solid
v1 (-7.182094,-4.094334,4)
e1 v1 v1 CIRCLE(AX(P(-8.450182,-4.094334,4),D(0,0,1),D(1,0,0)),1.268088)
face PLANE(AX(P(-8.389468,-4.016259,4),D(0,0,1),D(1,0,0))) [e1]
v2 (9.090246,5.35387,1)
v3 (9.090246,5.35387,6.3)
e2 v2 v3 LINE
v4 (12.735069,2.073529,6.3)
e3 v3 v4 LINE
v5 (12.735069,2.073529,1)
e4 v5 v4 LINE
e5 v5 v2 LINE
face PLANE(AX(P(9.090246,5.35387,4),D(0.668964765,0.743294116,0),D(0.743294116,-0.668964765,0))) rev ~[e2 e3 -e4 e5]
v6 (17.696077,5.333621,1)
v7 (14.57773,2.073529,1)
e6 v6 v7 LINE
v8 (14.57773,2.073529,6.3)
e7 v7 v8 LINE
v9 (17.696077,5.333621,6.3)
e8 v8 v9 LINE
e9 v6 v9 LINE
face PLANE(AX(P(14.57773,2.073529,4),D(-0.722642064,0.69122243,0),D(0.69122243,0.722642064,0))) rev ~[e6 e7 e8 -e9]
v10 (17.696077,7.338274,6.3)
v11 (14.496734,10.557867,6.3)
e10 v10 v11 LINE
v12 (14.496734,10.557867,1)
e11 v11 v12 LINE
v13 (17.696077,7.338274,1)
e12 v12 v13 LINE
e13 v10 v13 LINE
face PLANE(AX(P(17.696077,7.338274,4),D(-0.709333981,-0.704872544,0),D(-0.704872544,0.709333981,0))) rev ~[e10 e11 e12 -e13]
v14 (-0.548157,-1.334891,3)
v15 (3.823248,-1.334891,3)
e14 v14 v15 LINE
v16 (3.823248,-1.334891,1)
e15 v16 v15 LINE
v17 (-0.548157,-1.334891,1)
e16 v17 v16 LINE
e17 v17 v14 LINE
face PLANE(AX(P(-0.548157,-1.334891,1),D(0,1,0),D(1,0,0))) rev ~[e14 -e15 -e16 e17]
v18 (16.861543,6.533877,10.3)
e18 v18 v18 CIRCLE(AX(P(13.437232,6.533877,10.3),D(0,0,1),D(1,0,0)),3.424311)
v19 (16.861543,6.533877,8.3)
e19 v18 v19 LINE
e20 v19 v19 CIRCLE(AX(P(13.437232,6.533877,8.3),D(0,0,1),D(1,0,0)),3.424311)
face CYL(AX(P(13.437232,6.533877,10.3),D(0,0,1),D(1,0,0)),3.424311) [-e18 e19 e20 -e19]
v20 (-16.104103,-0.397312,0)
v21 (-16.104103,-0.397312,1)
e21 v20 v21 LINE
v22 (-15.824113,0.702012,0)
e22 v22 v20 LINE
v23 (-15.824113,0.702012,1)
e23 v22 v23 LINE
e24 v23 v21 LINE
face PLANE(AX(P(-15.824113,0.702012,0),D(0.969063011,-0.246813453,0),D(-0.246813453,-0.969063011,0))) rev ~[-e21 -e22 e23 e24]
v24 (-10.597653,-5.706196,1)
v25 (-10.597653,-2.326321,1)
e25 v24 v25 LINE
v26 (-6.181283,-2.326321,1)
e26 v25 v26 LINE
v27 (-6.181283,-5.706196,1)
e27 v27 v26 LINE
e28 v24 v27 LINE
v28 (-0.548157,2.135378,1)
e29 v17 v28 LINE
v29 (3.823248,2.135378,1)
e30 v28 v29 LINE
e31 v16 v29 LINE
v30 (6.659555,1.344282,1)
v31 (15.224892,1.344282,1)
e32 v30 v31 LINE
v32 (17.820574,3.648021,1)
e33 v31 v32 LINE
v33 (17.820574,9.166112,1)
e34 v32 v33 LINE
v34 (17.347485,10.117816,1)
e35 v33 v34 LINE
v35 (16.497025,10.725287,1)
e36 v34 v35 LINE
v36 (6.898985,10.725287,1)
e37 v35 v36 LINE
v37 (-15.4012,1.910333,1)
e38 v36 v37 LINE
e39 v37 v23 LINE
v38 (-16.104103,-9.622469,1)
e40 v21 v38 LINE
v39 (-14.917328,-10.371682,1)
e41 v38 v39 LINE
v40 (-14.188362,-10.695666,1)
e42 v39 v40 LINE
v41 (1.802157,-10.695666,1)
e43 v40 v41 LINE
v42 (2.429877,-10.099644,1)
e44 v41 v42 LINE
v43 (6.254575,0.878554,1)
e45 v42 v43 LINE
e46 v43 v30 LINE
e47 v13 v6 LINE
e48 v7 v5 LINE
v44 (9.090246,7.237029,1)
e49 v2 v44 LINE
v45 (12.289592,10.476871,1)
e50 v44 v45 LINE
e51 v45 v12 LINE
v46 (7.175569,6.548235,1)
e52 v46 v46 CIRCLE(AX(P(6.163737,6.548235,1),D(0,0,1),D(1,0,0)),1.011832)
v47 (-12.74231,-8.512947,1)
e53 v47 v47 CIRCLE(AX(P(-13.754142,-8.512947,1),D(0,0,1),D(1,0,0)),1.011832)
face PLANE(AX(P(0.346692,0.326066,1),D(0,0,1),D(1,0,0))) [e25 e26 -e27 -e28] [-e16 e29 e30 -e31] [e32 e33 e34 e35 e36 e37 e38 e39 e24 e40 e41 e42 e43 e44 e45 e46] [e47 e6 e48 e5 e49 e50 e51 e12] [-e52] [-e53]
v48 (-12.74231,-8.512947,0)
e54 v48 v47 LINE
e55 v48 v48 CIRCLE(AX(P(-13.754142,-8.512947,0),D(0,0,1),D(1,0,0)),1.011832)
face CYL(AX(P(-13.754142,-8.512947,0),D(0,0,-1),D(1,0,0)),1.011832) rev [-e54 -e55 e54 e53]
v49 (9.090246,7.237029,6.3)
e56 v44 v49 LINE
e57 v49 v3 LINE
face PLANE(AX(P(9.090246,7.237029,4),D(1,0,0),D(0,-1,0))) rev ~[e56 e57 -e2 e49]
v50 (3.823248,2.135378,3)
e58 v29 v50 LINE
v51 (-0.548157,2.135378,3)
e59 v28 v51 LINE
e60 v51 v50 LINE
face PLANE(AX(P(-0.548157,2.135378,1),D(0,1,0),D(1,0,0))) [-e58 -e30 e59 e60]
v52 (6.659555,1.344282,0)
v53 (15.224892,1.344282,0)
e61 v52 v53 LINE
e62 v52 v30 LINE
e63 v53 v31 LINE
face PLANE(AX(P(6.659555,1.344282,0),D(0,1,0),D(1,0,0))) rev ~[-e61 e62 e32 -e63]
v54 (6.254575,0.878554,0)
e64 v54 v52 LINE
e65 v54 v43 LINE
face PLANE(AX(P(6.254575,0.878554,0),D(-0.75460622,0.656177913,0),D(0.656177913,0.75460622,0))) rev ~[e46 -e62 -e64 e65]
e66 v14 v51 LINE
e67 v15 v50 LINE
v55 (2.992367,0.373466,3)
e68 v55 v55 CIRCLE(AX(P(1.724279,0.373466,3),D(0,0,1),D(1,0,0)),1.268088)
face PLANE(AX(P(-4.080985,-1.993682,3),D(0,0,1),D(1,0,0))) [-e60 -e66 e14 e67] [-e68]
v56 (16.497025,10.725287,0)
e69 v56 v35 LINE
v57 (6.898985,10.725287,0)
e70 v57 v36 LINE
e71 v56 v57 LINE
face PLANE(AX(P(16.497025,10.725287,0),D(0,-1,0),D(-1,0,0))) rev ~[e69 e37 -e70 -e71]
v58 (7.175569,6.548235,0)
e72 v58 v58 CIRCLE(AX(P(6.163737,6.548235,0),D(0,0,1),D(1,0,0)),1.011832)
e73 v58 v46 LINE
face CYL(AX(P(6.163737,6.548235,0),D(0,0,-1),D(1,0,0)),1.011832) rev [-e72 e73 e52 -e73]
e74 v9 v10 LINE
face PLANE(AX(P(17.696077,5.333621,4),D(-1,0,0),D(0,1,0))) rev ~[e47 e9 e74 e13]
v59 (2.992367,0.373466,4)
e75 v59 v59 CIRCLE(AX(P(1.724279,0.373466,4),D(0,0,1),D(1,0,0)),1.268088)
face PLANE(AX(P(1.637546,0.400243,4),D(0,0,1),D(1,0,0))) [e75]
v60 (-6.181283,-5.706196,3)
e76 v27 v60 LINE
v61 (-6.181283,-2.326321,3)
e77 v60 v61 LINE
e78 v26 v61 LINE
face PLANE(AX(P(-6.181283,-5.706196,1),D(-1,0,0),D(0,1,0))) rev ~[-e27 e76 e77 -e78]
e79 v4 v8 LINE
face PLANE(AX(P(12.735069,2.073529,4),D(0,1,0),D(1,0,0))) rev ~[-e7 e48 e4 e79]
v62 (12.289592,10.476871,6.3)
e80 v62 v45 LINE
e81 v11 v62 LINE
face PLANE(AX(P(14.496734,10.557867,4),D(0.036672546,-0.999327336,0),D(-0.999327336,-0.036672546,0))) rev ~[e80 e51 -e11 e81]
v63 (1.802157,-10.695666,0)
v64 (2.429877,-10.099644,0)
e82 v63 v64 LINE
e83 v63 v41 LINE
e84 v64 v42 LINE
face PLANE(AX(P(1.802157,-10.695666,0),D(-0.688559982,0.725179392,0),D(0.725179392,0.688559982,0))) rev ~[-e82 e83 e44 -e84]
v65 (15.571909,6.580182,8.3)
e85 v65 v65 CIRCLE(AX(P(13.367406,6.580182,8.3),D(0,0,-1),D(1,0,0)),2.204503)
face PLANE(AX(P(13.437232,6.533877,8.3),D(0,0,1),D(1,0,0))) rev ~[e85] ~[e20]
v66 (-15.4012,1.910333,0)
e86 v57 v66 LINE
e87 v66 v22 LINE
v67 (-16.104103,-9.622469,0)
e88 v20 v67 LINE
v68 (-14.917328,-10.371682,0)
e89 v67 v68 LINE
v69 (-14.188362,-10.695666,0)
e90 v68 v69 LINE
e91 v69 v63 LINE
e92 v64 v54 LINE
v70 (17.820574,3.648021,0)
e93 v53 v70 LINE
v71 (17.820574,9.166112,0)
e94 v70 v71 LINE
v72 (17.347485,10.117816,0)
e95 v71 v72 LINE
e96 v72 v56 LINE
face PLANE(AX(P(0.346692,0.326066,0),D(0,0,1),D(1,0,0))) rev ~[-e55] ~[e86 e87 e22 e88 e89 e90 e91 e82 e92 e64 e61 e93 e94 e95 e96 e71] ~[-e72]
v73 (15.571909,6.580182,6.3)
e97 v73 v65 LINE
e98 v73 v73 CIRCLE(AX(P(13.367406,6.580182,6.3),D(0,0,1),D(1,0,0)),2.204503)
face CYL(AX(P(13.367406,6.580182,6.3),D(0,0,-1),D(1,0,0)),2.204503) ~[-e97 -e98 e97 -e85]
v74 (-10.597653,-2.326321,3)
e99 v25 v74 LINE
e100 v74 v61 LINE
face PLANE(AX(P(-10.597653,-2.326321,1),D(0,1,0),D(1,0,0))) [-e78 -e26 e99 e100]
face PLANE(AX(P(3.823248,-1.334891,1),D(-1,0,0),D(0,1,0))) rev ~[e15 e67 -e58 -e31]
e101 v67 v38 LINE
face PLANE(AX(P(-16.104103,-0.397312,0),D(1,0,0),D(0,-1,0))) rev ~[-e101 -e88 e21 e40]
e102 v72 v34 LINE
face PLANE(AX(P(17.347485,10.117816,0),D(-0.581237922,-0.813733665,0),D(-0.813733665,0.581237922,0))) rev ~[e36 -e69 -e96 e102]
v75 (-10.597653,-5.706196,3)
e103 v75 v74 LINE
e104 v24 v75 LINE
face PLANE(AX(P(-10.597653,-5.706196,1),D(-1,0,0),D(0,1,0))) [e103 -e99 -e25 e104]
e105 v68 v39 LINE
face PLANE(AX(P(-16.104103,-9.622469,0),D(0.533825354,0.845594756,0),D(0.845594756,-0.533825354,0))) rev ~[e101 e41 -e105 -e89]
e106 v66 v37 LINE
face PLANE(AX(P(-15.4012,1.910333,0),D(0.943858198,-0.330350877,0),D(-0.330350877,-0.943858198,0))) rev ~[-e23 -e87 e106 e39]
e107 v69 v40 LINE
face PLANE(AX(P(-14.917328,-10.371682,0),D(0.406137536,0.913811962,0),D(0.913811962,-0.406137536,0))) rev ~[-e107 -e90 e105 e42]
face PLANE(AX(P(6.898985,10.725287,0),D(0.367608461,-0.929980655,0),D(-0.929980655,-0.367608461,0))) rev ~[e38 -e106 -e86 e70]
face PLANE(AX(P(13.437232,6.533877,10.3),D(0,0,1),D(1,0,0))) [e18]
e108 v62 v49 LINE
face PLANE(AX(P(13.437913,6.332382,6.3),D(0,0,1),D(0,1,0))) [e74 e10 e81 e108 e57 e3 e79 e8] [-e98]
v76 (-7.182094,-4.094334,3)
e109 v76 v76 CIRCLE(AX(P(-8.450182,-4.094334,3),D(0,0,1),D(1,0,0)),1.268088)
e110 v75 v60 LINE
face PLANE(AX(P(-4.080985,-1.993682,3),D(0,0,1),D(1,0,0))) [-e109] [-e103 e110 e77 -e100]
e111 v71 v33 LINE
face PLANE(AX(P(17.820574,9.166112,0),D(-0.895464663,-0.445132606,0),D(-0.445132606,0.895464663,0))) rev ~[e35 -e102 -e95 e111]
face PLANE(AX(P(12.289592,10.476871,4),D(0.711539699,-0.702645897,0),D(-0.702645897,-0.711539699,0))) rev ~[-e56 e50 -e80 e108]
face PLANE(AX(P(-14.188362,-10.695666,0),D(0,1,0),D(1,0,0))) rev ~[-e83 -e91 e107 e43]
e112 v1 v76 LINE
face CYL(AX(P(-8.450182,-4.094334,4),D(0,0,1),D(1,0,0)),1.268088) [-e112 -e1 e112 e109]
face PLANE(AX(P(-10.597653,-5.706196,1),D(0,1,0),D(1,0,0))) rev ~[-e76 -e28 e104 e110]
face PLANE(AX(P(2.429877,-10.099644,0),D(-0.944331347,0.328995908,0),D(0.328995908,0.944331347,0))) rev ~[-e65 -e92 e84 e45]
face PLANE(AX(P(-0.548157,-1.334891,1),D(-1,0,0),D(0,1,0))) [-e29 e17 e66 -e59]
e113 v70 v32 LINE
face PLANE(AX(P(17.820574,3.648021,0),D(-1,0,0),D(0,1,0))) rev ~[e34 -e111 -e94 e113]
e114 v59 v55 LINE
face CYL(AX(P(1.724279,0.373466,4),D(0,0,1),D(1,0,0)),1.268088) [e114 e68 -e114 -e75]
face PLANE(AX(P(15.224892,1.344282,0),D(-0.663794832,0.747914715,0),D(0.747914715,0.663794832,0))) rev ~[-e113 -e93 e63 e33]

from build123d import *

# Parameters (mm, degrees)
SKETCH031_R     = 1.011832
PAD027_DEPTH    = 1
SKETCH032_W     = 4.41637
SKETCH032_H     = 3.379875
SKETCH032_W_2   = 4.371405
SKETCH032_H_2   = 3.470269
PAD028_DEPTH    = 3
PAD029_DEPTH    = 2.3
SKETCH034_R     = 2.204503
PAD030_DEPTH    = 4
SKETCH035_R     = 3.424311
PAD031_DEPTH    = 2
SKETCH036_W     = 18.521845
SKETCH036_H     = 12.987429
SKETCH036_R     = 1.2680878078
POCKET007_DEPTH = 1


with BuildPart() as part:
    # Sketch031 → Pad027 (new body)
    with BuildSketch(Plane.XY):
        Polygon((-15.824113, 0.702012), (-16.104103, -0.397312), (-16.104103, -9.622469), (-14.917328, -10.371682), (-14.188362, -10.695666), (1.802157, -10.695666), (2.429877, -10.099644), (6.254575, 0.878554), (6.659555, 1.344282), (15.224892, 1.344282), (17.820574, 3.648021), (17.820574, 9.166112), (17.347485, 10.117816), (16.497025, 10.725287), (6.898985, 10.725287), (-15.4012, 1.910333), align=None)
        with Locations((-13.754142, -8.512947)):
            Circle(SKETCH031_R, mode=Mode.SUBTRACT)
        with Locations((6.163737, 6.548235)):
            Circle(SKETCH031_R, mode=Mode.SUBTRACT)
    extrude(amount=PAD027_DEPTH)

    # Sketch032 (on Face20 of Pad027) → Pad028 (join)
    with BuildSketch(Plane.XY.offset(1)):
        with Locations((-8.389468, -4.0162585)):
            Rectangle(SKETCH032_W, SKETCH032_H)
        with Locations((1.6375455, 0.4002435)):
            Rectangle(SKETCH032_W_2, SKETCH032_H_2)
        Polygon((9.090246, 7.237029), (12.289592, 10.476871), (14.496734, 10.557867), (17.696077, 7.338274), (17.696077, 5.333621), (14.57773, 2.073529), (12.735069, 2.073529), (9.090246, 5.35387), align=None)
    extrude(amount=PAD028_DEPTH)

    # Pad028 Face39 → Pad029 (add)
    with BuildSketch(Plane(origin=(13.4460203648, 6.3372919202, 4), x_dir=(0, 1, 0), z_dir=(0, 0, 1))):
        Polygon((4.1395790798, 1.1564283648), (0.8997370798, 4.3557743648), (-0.9834219202, 4.3557743648), (-4.2637629202, 0.7109513648), (-4.2637629202, -1.1317096352), (-1.0036709202, -4.2500566352), (1.0009820798, -4.2500566352), (4.2205750798, -1.0507136352), align=None)
    extrude(amount=PAD029_DEPTH)

    # Sketch034 (on Face47 of Pad029) → Pad030 (join)
    with BuildSketch(Plane.XY.offset(6.3)):
        with Locations((13.367406, 6.580182)):
            Circle(SKETCH034_R)
    extrude(amount=PAD030_DEPTH)

    # Sketch035 (on Face49 of Pad030) → Pad031 (join)
    with BuildSketch(Plane.XY.offset(10.3)):
        with Locations((13.437232, 6.533877)):
            Circle(SKETCH035_R)
    extrude(amount=-PAD031_DEPTH)

    # Sketch036 (on Face38 of Pad031) → Pocket007 (cut)
    with BuildSketch(Plane.XY.offset(4)):
        with Locations((-4.0809855, -1.9936815)):
            Rectangle(SKETCH036_W, SKETCH036_H)
        with Locations((1.724279, 0.373466)):
            Circle(SKETCH036_R, mode=Mode.SUBTRACT)
        with Locations((-8.450182, -4.094334)):
            Circle(SKETCH036_R, mode=Mode.SUBTRACT)
    extrude(amount=-POCKET007_DEPTH, mode=Mode.SUBTRACT)


solid = part.part
